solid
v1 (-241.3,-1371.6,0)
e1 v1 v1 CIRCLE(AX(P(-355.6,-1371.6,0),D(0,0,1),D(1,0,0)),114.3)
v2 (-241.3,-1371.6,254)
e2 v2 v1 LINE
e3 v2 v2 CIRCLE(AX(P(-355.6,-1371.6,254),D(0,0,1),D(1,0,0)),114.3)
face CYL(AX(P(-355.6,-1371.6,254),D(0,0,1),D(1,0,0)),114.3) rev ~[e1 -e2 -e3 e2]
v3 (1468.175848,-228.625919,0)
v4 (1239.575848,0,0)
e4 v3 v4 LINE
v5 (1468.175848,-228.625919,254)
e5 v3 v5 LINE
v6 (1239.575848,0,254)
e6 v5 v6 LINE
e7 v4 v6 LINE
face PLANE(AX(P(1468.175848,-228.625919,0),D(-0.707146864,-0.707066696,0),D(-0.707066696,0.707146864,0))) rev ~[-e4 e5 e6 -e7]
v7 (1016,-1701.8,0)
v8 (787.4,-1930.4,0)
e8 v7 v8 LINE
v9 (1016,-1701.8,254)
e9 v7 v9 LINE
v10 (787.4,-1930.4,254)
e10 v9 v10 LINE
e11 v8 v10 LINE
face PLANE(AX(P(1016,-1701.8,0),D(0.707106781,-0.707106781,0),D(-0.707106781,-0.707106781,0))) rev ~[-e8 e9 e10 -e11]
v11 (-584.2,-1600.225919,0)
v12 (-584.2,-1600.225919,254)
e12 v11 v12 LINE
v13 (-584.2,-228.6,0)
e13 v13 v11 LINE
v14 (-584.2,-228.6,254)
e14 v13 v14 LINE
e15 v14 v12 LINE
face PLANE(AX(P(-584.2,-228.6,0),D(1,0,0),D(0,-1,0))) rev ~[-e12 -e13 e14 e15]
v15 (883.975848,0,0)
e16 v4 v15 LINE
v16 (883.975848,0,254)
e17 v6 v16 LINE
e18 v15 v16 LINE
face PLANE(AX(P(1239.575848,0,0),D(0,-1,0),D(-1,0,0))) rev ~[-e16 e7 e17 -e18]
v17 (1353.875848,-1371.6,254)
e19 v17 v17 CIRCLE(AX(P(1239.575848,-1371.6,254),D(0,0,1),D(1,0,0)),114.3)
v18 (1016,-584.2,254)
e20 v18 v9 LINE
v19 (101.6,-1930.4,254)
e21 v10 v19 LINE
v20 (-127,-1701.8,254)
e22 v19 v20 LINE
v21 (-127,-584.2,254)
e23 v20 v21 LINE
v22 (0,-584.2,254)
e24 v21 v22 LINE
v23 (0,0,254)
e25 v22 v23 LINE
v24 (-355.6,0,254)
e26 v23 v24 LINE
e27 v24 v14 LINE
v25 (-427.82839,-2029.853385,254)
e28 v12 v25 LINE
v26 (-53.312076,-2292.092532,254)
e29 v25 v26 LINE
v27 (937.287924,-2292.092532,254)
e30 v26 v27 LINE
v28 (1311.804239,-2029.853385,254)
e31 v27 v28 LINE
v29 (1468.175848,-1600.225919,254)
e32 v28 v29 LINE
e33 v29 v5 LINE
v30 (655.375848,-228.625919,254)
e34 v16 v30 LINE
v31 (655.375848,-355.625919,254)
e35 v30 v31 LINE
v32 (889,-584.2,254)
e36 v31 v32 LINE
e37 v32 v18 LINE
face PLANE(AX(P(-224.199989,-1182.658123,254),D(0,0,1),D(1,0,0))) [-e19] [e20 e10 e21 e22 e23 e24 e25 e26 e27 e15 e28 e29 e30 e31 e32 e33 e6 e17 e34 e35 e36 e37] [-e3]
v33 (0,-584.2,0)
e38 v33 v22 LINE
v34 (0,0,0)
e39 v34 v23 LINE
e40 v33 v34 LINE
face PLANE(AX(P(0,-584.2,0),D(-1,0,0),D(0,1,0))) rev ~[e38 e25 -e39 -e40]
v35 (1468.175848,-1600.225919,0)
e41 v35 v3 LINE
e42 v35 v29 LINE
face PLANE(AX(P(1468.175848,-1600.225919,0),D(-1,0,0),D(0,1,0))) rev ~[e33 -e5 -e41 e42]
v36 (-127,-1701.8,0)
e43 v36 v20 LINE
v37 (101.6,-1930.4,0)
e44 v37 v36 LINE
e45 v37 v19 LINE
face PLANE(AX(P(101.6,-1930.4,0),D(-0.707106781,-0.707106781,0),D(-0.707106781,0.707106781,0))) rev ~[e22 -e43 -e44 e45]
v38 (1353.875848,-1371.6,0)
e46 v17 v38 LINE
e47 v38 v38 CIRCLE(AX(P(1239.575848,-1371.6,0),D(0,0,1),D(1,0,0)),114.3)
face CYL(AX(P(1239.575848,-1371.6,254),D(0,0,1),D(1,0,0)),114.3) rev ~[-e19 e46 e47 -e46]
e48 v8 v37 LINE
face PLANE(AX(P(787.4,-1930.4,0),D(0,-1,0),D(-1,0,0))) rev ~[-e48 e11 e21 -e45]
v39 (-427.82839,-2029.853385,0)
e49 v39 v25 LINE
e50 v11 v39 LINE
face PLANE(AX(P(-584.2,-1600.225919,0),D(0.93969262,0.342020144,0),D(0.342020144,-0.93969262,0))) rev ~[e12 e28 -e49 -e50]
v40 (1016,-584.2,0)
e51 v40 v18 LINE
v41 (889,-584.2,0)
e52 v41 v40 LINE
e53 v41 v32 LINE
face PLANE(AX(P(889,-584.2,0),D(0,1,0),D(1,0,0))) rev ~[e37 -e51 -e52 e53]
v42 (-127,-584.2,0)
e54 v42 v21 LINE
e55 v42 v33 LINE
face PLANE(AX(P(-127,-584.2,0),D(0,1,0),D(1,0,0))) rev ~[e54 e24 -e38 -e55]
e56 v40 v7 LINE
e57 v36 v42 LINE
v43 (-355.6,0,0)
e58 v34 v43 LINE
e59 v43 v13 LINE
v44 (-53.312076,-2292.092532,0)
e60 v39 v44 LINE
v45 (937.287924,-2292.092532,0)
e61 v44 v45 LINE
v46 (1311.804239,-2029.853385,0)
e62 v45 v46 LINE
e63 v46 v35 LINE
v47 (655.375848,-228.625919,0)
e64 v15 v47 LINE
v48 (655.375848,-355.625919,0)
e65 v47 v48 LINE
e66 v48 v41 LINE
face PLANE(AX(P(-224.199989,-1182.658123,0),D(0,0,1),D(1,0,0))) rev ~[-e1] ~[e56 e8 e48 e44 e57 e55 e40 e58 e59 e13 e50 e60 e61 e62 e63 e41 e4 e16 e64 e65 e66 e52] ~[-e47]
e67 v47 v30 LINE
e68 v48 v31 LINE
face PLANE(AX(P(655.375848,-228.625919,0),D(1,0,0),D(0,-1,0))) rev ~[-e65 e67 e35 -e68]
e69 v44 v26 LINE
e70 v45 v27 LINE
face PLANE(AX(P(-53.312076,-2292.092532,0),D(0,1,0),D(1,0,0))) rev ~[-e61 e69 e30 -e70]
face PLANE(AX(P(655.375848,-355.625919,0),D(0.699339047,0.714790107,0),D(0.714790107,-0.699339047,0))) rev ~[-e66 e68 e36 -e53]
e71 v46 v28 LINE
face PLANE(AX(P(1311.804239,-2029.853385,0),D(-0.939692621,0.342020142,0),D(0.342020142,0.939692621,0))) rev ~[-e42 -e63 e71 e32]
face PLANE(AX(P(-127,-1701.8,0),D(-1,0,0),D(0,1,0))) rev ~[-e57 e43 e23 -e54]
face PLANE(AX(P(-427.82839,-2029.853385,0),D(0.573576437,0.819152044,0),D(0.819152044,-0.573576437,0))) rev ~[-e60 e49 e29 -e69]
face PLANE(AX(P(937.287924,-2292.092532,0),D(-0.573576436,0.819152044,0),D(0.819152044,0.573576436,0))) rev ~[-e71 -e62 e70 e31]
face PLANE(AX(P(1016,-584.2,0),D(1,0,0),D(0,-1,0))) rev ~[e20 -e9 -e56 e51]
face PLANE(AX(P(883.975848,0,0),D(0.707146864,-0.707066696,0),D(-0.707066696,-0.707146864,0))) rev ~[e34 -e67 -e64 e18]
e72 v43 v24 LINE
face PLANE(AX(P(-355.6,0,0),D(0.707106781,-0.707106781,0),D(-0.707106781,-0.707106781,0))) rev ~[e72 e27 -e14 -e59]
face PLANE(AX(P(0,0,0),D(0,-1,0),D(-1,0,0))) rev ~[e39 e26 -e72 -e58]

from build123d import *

# Parameters (mm, degrees)
F1_DEPTH = 254
F2_R     = 114.3
F3_DEPTH = 508


with BuildPart() as f1:
    # F0 (on Top) → F1 (new body)
    with BuildSketch(Plane.XY):
        Polygon((0, -584.2), (0, 0), (-355.6, 0), (-584.2, -228.6), (-584.2, -1371.6), (-584.2, -1600.225919), (-427.82839, -2029.853385), (-53.312076, -2292.092532), (276.887924, -2292.092532), (276.887924, -1930.4), (101.6, -1930.4), (-127, -1701.8), (-127, -584.2), align=None)
        Polygon((444.5, -1930.4), (276.887924, -1930.4), (276.887924, -2292.092532), (607.087924, -2292.092532), (607.087924, -1930.4), align=None)
        Polygon((787.4, -1930.4), (607.087924, -1930.4), (607.087924, -2292.092532), (937.287924, -2292.092532), (1311.804239, -2029.853385), (1468.175848, -1600.225919), (1468.175848, -228.625919), (1239.575848, 0), (883.975848, 0), (655.375848, -228.625919), (655.375848, -355.625919), (889, -584.2), (1016, -584.2), (1016, -1701.8), align=None)
    extrude(amount=F1_DEPTH)

    # F2 (on face) → F3 (cut)
    with BuildSketch(Plane.XY.offset(254)):
        with Locations((-355.6, -1371.6)):
            Circle(F2_R)
        with Locations((1239.575848, -1371.6)):
            Circle(F2_R)
    extrude(amount=-F3_DEPTH, mode=Mode.SUBTRACT)


solid = f1.part
